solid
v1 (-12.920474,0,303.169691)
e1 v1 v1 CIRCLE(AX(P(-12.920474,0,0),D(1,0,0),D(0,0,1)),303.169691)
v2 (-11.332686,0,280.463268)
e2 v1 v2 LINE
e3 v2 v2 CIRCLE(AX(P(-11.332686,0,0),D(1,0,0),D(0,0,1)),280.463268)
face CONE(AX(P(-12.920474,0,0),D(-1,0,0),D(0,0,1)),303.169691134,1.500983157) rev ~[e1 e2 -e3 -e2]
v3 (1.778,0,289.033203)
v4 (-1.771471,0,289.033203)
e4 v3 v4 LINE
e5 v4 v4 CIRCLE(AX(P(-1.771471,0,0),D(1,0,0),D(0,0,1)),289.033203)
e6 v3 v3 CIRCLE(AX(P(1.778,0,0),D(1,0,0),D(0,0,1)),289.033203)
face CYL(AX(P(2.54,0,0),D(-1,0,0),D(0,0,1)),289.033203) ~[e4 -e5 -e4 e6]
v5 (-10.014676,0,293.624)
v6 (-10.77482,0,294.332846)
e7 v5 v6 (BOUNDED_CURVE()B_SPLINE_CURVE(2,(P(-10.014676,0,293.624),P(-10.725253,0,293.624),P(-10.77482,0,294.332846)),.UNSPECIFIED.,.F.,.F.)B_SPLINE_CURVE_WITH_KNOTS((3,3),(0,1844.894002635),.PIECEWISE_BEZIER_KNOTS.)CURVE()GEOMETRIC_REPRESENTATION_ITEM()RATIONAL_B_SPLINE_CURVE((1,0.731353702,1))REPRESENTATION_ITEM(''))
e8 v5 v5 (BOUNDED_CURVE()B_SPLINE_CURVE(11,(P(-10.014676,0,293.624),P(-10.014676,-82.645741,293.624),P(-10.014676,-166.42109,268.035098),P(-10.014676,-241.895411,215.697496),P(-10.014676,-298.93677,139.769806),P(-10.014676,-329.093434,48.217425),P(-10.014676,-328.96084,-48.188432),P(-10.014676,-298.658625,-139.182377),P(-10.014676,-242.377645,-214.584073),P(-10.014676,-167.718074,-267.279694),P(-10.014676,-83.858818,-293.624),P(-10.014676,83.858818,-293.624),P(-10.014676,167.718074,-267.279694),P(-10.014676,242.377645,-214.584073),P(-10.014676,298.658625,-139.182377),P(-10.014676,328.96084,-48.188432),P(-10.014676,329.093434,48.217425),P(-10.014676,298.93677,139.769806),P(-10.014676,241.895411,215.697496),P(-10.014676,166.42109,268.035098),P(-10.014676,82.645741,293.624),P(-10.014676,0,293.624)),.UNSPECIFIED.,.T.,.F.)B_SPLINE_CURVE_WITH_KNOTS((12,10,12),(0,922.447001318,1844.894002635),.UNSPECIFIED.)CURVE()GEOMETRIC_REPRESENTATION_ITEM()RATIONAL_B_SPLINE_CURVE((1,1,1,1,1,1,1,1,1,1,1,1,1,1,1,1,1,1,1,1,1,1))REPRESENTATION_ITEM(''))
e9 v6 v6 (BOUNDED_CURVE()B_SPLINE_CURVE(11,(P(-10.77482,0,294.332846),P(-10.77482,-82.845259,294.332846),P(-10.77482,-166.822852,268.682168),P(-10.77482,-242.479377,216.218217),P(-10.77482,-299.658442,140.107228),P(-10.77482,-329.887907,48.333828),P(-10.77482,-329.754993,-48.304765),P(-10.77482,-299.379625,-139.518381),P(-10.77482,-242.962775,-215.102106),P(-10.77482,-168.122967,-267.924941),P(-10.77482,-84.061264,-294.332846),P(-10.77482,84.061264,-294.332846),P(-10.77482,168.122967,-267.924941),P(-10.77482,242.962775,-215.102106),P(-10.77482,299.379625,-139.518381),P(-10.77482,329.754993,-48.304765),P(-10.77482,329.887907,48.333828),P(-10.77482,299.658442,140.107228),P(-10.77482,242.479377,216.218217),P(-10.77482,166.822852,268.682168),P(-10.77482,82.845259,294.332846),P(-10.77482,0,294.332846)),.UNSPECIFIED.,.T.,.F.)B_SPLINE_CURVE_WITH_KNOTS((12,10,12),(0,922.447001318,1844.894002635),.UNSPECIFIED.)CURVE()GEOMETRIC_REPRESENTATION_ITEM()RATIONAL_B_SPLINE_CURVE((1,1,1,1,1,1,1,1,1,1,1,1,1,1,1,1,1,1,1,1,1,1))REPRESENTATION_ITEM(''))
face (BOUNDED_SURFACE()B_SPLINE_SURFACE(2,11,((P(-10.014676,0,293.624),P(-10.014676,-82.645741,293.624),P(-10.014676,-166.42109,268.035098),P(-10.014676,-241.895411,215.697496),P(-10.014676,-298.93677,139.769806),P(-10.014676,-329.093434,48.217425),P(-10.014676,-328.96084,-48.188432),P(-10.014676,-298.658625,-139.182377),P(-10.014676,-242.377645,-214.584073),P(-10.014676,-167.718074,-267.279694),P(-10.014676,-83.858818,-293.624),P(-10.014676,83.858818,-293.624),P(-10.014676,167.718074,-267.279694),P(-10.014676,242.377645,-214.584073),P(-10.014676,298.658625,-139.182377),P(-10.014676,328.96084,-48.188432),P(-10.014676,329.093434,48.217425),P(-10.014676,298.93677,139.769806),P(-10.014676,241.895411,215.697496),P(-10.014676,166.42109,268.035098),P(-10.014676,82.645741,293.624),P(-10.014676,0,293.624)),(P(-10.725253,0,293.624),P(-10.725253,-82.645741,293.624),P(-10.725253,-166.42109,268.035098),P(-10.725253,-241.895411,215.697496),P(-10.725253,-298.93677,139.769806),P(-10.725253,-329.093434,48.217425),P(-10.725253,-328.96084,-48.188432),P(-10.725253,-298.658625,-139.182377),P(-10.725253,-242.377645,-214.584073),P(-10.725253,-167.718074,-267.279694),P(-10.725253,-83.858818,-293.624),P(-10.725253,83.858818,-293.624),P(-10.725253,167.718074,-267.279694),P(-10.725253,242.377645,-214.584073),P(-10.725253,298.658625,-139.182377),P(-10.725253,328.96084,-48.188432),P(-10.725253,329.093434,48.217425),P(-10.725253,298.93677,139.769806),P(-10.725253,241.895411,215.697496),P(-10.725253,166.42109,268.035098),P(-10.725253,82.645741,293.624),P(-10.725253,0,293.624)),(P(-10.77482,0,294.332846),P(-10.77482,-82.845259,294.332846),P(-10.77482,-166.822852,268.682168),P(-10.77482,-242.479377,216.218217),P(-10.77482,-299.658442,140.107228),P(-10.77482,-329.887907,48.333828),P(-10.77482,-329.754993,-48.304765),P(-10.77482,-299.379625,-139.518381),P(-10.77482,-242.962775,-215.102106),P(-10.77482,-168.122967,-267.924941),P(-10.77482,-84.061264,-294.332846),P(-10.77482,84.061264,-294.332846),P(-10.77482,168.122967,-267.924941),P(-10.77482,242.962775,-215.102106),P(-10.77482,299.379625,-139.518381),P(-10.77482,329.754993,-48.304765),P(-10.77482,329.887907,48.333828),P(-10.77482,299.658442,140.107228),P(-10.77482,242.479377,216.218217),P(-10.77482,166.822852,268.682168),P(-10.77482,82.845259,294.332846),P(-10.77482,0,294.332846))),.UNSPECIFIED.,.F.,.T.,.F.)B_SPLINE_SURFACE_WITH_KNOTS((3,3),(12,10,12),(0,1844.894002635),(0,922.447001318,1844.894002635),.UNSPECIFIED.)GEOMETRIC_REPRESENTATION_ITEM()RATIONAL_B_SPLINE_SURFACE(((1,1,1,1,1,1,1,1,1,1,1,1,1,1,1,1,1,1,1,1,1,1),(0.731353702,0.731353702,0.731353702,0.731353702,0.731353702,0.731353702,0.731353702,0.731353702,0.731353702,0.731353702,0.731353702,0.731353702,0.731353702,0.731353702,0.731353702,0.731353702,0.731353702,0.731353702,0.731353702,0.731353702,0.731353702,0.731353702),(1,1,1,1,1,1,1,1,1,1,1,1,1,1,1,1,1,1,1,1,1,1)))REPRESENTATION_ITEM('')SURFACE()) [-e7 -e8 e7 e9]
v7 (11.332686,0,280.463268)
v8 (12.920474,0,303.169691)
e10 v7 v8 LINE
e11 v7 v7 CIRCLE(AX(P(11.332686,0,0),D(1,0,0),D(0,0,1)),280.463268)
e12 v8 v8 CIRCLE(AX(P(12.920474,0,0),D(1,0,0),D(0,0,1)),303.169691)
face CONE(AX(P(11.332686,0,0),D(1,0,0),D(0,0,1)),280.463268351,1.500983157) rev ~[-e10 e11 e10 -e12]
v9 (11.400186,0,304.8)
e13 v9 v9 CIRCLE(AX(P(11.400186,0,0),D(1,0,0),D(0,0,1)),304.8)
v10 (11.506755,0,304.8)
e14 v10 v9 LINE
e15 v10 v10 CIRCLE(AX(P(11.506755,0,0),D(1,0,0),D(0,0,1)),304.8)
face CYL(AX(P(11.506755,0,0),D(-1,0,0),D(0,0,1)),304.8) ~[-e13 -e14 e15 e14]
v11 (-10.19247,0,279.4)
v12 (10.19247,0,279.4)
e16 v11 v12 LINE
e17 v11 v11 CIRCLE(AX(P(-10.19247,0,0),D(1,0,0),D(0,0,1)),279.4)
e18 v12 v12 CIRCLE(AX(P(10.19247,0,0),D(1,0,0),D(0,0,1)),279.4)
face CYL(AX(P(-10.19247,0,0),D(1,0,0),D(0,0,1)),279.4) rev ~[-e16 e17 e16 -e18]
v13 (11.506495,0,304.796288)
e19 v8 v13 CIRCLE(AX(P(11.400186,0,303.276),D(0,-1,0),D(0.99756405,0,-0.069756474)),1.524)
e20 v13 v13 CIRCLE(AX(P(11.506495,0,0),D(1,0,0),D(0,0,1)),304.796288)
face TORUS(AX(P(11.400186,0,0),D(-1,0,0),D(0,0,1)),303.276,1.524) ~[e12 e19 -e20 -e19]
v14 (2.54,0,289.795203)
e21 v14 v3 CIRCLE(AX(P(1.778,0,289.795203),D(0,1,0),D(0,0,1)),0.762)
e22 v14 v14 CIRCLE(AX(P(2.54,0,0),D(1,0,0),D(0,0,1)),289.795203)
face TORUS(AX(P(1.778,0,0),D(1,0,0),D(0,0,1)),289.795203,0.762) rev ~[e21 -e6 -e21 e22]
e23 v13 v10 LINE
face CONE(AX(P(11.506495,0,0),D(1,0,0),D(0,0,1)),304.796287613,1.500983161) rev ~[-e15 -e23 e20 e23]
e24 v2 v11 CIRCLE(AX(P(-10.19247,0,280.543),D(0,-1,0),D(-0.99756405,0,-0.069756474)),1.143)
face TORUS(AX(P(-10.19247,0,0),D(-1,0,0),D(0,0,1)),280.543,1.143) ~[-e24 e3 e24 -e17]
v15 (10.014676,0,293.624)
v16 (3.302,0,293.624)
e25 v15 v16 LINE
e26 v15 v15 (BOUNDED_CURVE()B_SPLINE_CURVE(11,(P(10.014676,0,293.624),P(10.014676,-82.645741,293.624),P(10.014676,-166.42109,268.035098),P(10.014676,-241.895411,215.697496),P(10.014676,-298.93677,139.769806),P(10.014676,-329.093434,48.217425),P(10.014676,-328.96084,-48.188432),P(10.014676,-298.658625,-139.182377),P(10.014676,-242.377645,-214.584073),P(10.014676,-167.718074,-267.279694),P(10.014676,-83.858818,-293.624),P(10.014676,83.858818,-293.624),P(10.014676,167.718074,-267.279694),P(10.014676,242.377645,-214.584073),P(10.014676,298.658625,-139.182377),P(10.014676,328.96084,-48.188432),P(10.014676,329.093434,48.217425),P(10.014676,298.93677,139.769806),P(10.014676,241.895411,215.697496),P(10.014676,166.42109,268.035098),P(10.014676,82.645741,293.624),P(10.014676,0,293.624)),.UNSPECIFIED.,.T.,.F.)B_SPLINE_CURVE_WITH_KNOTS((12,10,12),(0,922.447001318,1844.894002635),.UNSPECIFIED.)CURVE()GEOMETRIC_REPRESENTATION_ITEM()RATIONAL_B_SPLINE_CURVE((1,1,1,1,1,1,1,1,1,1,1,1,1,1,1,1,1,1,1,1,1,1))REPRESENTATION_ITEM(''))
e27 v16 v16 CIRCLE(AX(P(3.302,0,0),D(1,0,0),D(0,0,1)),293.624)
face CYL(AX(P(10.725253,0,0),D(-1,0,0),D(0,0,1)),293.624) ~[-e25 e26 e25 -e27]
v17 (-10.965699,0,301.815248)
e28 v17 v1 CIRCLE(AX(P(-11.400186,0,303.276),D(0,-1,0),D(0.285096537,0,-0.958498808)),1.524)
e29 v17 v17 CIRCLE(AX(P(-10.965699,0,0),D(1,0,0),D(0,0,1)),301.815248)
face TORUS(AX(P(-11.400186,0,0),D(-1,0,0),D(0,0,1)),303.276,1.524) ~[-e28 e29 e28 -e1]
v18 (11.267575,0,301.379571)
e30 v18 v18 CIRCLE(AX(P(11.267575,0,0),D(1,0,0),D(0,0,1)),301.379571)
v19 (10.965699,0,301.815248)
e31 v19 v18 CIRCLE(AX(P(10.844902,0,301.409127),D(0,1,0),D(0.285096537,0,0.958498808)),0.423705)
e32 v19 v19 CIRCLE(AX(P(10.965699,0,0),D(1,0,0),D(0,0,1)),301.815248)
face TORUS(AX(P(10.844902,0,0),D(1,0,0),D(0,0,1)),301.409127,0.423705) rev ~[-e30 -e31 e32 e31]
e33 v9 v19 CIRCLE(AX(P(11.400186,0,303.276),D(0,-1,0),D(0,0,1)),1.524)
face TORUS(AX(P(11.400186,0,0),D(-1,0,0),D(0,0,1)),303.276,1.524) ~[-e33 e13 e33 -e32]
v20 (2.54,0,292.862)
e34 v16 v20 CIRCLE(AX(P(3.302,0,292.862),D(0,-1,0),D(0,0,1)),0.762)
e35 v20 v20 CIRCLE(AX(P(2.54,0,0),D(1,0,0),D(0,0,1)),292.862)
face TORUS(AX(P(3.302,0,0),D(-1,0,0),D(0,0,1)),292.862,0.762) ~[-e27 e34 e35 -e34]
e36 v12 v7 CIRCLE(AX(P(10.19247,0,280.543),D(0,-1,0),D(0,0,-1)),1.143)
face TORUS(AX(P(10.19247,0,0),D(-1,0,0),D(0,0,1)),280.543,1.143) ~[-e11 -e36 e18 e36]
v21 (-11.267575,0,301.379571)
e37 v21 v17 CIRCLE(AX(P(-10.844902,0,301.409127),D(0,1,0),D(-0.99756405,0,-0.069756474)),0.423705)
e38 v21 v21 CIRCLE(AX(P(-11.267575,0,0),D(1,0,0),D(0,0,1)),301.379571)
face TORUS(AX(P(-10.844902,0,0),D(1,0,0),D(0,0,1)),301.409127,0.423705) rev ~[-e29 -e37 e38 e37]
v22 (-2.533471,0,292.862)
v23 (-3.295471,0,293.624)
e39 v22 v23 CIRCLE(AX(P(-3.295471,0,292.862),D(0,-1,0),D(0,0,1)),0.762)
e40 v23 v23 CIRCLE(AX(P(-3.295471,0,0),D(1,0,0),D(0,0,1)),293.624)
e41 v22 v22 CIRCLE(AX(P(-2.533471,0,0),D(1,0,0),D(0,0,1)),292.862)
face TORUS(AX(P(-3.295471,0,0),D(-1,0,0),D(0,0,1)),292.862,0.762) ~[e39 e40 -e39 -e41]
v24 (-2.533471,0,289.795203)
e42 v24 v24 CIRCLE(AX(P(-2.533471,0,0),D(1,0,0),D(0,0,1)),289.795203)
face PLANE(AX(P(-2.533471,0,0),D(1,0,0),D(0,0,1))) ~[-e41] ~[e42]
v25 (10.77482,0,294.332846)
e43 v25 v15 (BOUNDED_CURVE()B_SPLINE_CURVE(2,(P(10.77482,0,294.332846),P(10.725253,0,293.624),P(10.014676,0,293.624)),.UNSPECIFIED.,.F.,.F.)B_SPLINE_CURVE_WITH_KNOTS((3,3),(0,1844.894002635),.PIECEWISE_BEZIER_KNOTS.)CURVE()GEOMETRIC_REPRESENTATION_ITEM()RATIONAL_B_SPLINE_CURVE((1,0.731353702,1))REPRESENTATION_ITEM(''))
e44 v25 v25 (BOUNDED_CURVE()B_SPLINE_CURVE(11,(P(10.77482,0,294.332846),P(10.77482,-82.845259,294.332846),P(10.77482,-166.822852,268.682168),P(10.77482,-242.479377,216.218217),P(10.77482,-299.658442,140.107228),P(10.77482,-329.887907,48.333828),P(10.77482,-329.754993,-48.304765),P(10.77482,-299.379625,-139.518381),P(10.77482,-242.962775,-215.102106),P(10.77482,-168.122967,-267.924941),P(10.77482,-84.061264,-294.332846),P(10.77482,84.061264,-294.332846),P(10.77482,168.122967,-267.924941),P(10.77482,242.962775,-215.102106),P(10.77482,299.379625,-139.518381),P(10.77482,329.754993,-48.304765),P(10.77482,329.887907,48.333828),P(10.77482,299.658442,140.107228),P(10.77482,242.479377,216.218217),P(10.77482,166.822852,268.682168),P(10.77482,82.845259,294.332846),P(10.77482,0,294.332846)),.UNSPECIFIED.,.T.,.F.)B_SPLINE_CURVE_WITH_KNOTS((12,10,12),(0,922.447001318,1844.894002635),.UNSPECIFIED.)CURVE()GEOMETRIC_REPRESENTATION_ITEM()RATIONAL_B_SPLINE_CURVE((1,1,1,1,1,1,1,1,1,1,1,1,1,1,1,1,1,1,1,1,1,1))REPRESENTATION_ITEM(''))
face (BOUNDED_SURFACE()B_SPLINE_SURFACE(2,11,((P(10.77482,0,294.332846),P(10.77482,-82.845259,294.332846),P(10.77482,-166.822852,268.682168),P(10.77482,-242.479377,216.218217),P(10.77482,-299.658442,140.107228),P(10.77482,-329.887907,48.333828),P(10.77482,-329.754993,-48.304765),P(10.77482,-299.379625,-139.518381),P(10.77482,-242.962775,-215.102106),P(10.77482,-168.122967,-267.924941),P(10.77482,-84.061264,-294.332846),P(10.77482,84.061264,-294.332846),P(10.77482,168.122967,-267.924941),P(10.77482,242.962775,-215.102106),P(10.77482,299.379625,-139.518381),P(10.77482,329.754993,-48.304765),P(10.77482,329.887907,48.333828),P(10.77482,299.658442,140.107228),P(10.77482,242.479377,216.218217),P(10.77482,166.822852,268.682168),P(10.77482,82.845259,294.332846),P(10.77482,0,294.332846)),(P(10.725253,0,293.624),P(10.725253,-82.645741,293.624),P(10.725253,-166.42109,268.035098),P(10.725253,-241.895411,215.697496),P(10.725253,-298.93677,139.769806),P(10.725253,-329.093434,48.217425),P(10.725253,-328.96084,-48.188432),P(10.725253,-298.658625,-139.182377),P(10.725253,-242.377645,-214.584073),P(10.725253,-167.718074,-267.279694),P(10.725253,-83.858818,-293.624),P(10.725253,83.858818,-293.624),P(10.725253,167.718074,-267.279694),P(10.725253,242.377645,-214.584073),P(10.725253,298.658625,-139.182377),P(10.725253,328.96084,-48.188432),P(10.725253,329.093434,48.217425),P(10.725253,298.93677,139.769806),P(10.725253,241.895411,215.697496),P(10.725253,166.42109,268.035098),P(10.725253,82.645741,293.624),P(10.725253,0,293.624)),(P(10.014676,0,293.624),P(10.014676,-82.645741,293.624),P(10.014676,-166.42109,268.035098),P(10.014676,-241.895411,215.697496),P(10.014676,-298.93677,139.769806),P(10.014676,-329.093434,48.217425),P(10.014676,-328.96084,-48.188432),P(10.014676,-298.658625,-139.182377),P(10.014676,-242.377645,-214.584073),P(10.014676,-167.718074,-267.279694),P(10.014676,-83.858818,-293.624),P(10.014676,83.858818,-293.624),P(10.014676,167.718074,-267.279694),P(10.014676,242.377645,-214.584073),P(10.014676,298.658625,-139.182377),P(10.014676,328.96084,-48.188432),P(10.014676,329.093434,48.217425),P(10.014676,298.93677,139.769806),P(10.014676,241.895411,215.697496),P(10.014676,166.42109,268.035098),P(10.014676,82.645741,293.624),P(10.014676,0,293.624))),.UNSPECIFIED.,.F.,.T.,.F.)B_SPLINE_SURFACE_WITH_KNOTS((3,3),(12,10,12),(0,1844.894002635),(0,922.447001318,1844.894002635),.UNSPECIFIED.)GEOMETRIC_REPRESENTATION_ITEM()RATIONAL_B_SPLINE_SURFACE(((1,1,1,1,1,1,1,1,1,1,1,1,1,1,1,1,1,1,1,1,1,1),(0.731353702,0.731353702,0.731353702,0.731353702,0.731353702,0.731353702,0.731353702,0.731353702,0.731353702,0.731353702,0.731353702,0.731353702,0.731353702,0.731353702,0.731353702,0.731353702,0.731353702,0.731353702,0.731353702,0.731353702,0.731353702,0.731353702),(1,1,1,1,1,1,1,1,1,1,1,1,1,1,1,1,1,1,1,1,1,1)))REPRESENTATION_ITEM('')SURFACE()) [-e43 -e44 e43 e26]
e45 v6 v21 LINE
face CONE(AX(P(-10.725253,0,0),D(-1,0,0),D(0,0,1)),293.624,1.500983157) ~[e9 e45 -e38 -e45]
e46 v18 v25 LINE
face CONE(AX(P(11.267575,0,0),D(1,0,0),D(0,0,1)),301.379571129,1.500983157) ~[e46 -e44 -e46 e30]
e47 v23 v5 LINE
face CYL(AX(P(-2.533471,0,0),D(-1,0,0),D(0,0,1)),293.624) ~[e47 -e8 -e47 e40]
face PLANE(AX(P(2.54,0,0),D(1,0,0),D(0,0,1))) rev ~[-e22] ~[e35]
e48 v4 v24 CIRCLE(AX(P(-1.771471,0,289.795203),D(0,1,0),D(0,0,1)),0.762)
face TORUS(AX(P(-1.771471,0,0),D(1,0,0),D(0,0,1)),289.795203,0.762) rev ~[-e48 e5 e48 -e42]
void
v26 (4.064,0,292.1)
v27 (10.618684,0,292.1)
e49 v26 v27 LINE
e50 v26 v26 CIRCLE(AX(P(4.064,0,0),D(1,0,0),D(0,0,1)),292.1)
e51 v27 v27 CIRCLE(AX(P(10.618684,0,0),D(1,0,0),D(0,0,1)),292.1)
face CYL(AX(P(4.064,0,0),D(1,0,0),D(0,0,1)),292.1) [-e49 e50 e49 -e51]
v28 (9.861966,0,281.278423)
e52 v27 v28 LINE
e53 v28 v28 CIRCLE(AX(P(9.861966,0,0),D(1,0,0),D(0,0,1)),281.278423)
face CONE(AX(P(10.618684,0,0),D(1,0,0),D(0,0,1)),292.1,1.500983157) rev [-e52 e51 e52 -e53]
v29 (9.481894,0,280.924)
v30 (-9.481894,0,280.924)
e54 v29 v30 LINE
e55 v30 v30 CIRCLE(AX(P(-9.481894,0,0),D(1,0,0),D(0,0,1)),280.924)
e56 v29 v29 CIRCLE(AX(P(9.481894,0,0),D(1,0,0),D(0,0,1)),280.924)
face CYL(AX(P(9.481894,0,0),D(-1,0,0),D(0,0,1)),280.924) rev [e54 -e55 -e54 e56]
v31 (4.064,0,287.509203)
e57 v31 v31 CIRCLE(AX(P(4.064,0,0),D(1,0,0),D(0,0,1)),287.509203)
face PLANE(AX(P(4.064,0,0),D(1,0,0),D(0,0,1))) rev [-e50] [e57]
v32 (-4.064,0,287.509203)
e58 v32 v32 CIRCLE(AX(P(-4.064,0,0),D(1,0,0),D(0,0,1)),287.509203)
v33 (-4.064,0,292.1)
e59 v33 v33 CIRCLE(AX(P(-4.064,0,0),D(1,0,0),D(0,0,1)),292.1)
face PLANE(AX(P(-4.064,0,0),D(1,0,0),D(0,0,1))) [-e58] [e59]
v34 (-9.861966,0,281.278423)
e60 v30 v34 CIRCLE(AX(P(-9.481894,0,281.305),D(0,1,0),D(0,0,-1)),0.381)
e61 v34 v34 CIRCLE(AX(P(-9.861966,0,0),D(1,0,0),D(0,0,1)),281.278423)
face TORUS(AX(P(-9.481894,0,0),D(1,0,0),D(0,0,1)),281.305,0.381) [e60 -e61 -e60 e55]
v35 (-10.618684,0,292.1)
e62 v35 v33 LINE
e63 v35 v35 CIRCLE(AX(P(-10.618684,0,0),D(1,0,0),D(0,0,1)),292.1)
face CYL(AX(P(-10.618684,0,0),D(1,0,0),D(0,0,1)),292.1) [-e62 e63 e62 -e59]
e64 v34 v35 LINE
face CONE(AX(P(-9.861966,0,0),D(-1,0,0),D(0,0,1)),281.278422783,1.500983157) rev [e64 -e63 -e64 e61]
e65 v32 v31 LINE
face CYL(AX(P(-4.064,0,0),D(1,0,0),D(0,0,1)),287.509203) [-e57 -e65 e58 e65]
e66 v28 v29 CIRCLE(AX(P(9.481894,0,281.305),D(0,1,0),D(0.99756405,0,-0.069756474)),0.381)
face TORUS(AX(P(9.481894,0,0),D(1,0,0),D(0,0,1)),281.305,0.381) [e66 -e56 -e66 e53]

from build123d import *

# Parameters (mm, degrees)
F2_R = 0.762


with BuildPart() as f1:
    # F0 (on Front) → F1 (revolve)
    with BuildSketch(Plane.XZ):
        with BuildLine():
            Line((-10.1924704261, 279.4), (0, 279.4))
            Line((0, 279.4), (10.1924704261, 279.4))
            ThreePointArc((10.1924704261, 279.4), (10.9719945516, 279.707062719), (11.3326861355, 280.4632683505))
            Line((11.3326861355, 280.4632683505), (12.9204738914, 303.169691134))
            ThreePointArc((12.9204738914, 303.169691134), (12.5503636791, 304.2758339602), (11.5064951448, 304.7962876126))
            ThreePointArc((11.5064951448, 304.7962876126), (11.4533731118, 304.7990716204), (11.4001862788, 304.8))
            ThreePointArc((11.4001862788, 304.8), (9.8920811222, 303.4955332242), (10.9656991561, 301.815247817))
            ThreePointArc((10.9656991561, 301.815247817), (11.1931742652, 301.6504412846), (11.2675750538, 301.3795711293))
            Line((11.2675750538, 301.3795711293), (10.7252526899, 293.624))
            Line((10.7252526899, 293.624), (10.6186842285, 292.1))
            Line((10.6186842285, 292.1), (9.8619658336, 281.2784227835))
            ThreePointArc((9.8619658336, 281.2784227835), (9.7417353056, 281.0263542397), (9.4818939304, 280.924))
            Line((9.4818939304, 280.924), (0, 280.924))
            Line((0, 280.924), (-9.4818939304, 280.924))
            ThreePointArc((-9.4818939304, 280.924), (-9.7417353056, 281.0263542397), (-9.8619658336, 281.2784227835))
            Line((-9.8619658336, 281.2784227835), (-10.6186842285, 292.1))
            Line((-10.6186842285, 292.1), (-10.7252526899, 293.624))
            Line((-10.7252526899, 293.624), (-11.2675750538, 301.3795711293))
            ThreePointArc((-11.2675750538, 301.3795711293), (-11.1931742652, 301.6504412846), (-10.9656991561, 301.815247817))
            ThreePointArc((-10.9656991561, 301.815247817), (-10.5322174713, 304.5286795876), (-12.9204738914, 303.169691134))
            Line((-12.9204738914, 303.169691134), (-11.3326861355, 280.4632683505))
            ThreePointArc((-11.3326861355, 280.4632683505), (-10.9719945516, 279.707062719), (-10.1924704261, 279.4))
        make_face()
        with BuildLine():
            ThreePointArc((11.4001862788, 304.8), (11.4533731118, 304.7990716204), (11.5064951448, 304.7962876126))
            Line((11.5064951448, 304.7962876126), (11.5067547402, 304.8))
            Line((11.5067547402, 304.8), (11.4001862788, 304.8))
        make_face()
        Polygon((-2.5334714446, 293.624), (-10.7252526899, 293.624), (-10.6186842285, 292.1), (-4.064, 292.1), (-4.064, 287.5092029572), (4.064, 287.5092029572), (4.064, 292.1), (10.6186842285, 292.1), (10.7252526899, 293.624), (2.54, 293.624), (2.54, 289.0332029572), (-2.5334714446, 289.0332029572), align=None)
    revolve(axis=Axis((45.0627654791, 0, 0), (1, 0, 0)))

    # F2
    f2_edges = [f1.edges().sort_by_distance(p)[0] for p in [
        (-2.533471, 0, -293.624),
        (-2.533471, 0, -289.033203),
        (2.54, 0, -293.624),
        (2.54, 0, -289.033203),
        (10.725253, 0, -293.624),
        (-10.725253, 0, -293.624),
    ]]
    fillet(f2_edges, radius=F2_R)


solid = f1.part
